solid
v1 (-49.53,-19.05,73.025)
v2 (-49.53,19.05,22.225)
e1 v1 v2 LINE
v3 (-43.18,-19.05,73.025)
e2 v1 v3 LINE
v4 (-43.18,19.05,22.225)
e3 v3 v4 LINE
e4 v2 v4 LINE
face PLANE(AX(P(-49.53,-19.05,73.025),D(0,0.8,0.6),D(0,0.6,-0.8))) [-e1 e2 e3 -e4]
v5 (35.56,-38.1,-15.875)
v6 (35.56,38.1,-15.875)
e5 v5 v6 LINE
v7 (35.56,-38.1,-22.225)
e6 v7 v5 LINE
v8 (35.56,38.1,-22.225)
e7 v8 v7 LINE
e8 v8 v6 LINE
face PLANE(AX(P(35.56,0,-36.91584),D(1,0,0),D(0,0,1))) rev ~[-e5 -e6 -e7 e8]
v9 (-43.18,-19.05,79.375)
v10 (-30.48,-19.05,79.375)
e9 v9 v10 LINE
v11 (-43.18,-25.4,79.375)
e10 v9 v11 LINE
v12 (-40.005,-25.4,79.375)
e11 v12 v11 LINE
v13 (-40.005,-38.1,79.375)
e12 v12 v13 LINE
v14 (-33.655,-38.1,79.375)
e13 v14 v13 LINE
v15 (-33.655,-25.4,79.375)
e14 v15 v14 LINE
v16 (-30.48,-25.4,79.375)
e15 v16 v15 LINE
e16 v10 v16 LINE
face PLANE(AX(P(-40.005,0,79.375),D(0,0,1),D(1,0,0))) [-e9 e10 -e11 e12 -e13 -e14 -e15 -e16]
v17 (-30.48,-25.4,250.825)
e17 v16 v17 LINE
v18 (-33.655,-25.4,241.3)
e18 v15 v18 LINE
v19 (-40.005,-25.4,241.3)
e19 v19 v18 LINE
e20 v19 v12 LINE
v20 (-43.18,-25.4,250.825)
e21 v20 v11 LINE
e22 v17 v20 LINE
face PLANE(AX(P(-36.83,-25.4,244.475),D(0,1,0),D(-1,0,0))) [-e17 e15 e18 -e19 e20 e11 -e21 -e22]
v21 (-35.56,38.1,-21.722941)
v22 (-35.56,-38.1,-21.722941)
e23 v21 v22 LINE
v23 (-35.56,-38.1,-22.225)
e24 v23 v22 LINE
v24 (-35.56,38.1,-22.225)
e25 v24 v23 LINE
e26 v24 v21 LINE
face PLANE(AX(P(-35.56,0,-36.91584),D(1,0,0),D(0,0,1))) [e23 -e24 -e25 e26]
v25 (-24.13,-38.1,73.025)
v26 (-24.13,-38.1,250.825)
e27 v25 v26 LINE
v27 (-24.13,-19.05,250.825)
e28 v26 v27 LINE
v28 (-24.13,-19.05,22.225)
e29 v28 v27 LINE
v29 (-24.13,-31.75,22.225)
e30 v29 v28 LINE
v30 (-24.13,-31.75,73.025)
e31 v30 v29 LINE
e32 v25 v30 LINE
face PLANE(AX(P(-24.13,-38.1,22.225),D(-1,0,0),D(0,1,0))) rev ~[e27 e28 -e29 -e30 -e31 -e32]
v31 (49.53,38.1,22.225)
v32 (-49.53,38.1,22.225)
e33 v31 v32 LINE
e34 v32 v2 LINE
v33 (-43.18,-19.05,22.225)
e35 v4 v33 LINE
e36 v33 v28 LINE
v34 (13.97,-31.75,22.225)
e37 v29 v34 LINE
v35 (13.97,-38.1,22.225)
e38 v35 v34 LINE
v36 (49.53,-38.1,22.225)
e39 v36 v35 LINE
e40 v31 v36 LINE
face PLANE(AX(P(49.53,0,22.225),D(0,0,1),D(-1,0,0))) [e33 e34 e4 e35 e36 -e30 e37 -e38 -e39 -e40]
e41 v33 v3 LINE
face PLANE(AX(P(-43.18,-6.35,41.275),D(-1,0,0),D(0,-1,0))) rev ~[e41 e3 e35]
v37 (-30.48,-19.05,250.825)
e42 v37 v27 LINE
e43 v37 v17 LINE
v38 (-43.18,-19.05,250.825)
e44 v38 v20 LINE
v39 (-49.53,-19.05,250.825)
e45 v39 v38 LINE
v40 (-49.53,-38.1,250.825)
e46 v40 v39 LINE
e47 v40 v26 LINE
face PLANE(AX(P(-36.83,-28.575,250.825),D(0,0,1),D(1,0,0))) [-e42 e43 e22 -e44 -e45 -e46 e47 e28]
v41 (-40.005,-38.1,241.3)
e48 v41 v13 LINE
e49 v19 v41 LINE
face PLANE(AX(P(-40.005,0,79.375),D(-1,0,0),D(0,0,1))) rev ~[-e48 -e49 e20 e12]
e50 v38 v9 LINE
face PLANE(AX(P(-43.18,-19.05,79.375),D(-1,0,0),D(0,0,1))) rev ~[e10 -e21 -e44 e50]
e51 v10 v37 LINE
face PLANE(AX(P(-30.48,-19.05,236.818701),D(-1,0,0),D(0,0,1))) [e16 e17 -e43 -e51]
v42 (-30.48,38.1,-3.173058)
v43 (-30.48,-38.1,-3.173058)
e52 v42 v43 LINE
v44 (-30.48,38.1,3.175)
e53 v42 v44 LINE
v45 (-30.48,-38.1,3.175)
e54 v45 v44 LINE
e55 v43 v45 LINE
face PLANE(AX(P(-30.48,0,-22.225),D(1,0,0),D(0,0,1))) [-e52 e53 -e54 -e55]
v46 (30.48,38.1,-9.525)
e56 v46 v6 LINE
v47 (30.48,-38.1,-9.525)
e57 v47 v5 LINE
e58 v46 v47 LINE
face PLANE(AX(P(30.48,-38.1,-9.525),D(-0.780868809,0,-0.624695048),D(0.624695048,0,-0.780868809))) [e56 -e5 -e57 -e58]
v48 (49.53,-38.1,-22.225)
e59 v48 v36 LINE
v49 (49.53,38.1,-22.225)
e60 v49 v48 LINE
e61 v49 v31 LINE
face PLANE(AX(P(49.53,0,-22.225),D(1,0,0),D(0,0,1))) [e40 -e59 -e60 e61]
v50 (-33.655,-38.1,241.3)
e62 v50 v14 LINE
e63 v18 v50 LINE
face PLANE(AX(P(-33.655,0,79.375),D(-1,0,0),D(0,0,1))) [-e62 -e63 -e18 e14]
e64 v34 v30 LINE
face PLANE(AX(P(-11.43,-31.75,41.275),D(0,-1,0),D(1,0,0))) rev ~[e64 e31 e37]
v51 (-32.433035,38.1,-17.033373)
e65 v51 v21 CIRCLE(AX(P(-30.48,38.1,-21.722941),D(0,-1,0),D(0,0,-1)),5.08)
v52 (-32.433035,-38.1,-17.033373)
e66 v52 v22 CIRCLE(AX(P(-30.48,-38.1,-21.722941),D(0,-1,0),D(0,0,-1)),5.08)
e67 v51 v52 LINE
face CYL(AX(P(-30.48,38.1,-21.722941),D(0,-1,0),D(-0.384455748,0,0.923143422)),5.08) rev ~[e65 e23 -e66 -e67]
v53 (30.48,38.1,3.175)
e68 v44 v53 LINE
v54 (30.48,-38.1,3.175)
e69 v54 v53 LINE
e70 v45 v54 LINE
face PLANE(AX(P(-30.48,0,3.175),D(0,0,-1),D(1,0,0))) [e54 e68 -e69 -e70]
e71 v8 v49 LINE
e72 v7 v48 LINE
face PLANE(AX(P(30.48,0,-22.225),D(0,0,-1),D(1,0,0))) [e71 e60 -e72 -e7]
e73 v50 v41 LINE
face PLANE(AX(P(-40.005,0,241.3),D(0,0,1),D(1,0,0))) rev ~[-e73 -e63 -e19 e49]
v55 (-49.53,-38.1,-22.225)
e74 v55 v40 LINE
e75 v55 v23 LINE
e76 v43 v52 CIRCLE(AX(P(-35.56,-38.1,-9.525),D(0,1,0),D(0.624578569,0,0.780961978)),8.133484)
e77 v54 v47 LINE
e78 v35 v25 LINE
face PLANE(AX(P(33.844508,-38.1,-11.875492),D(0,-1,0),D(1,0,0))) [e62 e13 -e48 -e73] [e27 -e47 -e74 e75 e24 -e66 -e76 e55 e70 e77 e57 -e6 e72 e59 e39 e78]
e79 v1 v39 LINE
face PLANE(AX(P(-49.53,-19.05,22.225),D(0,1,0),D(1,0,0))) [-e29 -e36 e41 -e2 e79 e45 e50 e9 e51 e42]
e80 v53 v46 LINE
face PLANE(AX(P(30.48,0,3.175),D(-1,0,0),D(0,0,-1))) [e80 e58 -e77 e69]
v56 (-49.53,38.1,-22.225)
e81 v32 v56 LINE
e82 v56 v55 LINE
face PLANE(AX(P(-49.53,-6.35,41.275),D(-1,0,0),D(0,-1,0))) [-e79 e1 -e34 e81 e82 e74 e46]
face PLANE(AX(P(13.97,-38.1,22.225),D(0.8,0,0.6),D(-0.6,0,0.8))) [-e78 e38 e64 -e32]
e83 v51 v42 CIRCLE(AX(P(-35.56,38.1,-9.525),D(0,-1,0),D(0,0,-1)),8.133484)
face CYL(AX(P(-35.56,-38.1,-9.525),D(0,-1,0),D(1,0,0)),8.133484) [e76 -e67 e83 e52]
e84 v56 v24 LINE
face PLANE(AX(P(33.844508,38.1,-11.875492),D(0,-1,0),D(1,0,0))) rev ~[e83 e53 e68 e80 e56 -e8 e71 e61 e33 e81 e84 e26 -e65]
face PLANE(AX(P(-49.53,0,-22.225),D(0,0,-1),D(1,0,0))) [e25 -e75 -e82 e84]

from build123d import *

# Parameters (mm, degrees)
F1_DEPTH  = 38.1
F2_W      = 71.12
F2_H      = 27.3908400369
F3_DEPTH  = 50.8
F4_W      = 25.4
F4_H      = 19.05
F5_DEPTH  = 228.6
F7_DEPTH  = 6.35
F8_W      = 12.7
F8_H      = 165.1
F9_DEPTH  = 6.35
F10_W     = 6.35
F10_H     = 161.925
F11_DEPTH = 127
F13_DEPTH = 6.35
F14_W     = 12.7
F14_H     = 15.3125979424
F15_DEPTH = 6.35
F16_R     = 8.1334843178
F17_DEPTH = 76.2
F18_R     = 5.08
F20_DEPTH = 76.2


with BuildPart() as f1:
    # F0 (on Front) → F1 (new body, symmetric)
    with BuildSketch(Plane.XZ):
        Polygon((30.48, -22.225), (49.53, -22.225), (49.53, 22.225), (-49.53, 22.225), (-49.53, -22.225), (-30.48, -22.225), (-30.48, 3.175), (30.48, 3.175), align=None)
    extrude(amount=F1_DEPTH, both=True)

    # F2 (on Front) → F3 (cut, symmetric)
    with BuildSketch(Plane.XZ):
        with Locations((0, -23.2204200185)):
            Rectangle(F2_W, F2_H)
    extrude(amount=F3_DEPTH, both=True, mode=Mode.SUBTRACT)

    # F4 (on face) → F5 (join)
    with BuildSketch(Plane.XY.offset(22.225)):
        with Locations((-36.83, -28.575)):
            Rectangle(F4_W, F4_H)
    extrude(amount=F5_DEPTH)

    # F6 (on face) → F7 (join)
    with BuildSketch(Plane.XZ.offset(38.1)):
        Polygon((-24.13, 73.025), (-24.13, 22.225), (13.97, 22.225), align=None)
    extrude(amount=-F7_DEPTH)

    # F8 (on face) → F9 (cut)
    with BuildSketch(Plane(origin=(0, -19.05, 0), x_dir=(-1, 0, 0), z_dir=(0, 1, 0))):
        with Locations((36.83, 161.925)):
            Rectangle(F8_W, F8_H)
    extrude(amount=-F9_DEPTH, mode=Mode.SUBTRACT)

    # F10 (on Front) → F11 (cut)
    with BuildSketch(Plane.XZ):
        with Locations((-36.83, 160.3375)):
            Rectangle(F10_W, F10_H)
    extrude(amount=F11_DEPTH, mode=Mode.SUBTRACT)

    # F12 (on face) → F13 (join)
    with BuildSketch(Plane(origin=(-49.53, 0, 0), x_dir=(0, -1, 0), z_dir=(-1, 0, 0))):
        Polygon((-19.05, 22.225), (19.05, 22.225), (19.05, 73.025), align=None)
    extrude(amount=-F13_DEPTH)

    # F14 (on face) → F15 (cut)
    with BuildSketch(Plane(origin=(0, -19.05, 0), x_dir=(-1, 0, 0), z_dir=(0, 1, 0))):
        with Locations((36.83, 244.475)):
            Rectangle(F14_W, F14_H)
    extrude(amount=-F15_DEPTH, mode=Mode.SUBTRACT)

    # F16 (on face) → F17 (join)
    with BuildSketch(Plane.XZ.offset(38.1)):
        with Locations((-35.56, -9.525)):
            Circle(F16_R)
    extrude(amount=-F17_DEPTH)

    # F18
    f18_edges = [f1.edges().sort_by_distance(p)[0] for p in [
        (-35.56, 0, -17.658484),
    ]]
    fillet(f18_edges, radius=F18_R)

    # F19 (on face) → F20 (join)
    with BuildSketch(Plane.XZ.offset(38.1)):
        Polygon((35.56, -9.525), (30.48, -9.525), (35.56, -15.875), align=None)
    extrude(amount=-F20_DEPTH)


solid = f1.part
